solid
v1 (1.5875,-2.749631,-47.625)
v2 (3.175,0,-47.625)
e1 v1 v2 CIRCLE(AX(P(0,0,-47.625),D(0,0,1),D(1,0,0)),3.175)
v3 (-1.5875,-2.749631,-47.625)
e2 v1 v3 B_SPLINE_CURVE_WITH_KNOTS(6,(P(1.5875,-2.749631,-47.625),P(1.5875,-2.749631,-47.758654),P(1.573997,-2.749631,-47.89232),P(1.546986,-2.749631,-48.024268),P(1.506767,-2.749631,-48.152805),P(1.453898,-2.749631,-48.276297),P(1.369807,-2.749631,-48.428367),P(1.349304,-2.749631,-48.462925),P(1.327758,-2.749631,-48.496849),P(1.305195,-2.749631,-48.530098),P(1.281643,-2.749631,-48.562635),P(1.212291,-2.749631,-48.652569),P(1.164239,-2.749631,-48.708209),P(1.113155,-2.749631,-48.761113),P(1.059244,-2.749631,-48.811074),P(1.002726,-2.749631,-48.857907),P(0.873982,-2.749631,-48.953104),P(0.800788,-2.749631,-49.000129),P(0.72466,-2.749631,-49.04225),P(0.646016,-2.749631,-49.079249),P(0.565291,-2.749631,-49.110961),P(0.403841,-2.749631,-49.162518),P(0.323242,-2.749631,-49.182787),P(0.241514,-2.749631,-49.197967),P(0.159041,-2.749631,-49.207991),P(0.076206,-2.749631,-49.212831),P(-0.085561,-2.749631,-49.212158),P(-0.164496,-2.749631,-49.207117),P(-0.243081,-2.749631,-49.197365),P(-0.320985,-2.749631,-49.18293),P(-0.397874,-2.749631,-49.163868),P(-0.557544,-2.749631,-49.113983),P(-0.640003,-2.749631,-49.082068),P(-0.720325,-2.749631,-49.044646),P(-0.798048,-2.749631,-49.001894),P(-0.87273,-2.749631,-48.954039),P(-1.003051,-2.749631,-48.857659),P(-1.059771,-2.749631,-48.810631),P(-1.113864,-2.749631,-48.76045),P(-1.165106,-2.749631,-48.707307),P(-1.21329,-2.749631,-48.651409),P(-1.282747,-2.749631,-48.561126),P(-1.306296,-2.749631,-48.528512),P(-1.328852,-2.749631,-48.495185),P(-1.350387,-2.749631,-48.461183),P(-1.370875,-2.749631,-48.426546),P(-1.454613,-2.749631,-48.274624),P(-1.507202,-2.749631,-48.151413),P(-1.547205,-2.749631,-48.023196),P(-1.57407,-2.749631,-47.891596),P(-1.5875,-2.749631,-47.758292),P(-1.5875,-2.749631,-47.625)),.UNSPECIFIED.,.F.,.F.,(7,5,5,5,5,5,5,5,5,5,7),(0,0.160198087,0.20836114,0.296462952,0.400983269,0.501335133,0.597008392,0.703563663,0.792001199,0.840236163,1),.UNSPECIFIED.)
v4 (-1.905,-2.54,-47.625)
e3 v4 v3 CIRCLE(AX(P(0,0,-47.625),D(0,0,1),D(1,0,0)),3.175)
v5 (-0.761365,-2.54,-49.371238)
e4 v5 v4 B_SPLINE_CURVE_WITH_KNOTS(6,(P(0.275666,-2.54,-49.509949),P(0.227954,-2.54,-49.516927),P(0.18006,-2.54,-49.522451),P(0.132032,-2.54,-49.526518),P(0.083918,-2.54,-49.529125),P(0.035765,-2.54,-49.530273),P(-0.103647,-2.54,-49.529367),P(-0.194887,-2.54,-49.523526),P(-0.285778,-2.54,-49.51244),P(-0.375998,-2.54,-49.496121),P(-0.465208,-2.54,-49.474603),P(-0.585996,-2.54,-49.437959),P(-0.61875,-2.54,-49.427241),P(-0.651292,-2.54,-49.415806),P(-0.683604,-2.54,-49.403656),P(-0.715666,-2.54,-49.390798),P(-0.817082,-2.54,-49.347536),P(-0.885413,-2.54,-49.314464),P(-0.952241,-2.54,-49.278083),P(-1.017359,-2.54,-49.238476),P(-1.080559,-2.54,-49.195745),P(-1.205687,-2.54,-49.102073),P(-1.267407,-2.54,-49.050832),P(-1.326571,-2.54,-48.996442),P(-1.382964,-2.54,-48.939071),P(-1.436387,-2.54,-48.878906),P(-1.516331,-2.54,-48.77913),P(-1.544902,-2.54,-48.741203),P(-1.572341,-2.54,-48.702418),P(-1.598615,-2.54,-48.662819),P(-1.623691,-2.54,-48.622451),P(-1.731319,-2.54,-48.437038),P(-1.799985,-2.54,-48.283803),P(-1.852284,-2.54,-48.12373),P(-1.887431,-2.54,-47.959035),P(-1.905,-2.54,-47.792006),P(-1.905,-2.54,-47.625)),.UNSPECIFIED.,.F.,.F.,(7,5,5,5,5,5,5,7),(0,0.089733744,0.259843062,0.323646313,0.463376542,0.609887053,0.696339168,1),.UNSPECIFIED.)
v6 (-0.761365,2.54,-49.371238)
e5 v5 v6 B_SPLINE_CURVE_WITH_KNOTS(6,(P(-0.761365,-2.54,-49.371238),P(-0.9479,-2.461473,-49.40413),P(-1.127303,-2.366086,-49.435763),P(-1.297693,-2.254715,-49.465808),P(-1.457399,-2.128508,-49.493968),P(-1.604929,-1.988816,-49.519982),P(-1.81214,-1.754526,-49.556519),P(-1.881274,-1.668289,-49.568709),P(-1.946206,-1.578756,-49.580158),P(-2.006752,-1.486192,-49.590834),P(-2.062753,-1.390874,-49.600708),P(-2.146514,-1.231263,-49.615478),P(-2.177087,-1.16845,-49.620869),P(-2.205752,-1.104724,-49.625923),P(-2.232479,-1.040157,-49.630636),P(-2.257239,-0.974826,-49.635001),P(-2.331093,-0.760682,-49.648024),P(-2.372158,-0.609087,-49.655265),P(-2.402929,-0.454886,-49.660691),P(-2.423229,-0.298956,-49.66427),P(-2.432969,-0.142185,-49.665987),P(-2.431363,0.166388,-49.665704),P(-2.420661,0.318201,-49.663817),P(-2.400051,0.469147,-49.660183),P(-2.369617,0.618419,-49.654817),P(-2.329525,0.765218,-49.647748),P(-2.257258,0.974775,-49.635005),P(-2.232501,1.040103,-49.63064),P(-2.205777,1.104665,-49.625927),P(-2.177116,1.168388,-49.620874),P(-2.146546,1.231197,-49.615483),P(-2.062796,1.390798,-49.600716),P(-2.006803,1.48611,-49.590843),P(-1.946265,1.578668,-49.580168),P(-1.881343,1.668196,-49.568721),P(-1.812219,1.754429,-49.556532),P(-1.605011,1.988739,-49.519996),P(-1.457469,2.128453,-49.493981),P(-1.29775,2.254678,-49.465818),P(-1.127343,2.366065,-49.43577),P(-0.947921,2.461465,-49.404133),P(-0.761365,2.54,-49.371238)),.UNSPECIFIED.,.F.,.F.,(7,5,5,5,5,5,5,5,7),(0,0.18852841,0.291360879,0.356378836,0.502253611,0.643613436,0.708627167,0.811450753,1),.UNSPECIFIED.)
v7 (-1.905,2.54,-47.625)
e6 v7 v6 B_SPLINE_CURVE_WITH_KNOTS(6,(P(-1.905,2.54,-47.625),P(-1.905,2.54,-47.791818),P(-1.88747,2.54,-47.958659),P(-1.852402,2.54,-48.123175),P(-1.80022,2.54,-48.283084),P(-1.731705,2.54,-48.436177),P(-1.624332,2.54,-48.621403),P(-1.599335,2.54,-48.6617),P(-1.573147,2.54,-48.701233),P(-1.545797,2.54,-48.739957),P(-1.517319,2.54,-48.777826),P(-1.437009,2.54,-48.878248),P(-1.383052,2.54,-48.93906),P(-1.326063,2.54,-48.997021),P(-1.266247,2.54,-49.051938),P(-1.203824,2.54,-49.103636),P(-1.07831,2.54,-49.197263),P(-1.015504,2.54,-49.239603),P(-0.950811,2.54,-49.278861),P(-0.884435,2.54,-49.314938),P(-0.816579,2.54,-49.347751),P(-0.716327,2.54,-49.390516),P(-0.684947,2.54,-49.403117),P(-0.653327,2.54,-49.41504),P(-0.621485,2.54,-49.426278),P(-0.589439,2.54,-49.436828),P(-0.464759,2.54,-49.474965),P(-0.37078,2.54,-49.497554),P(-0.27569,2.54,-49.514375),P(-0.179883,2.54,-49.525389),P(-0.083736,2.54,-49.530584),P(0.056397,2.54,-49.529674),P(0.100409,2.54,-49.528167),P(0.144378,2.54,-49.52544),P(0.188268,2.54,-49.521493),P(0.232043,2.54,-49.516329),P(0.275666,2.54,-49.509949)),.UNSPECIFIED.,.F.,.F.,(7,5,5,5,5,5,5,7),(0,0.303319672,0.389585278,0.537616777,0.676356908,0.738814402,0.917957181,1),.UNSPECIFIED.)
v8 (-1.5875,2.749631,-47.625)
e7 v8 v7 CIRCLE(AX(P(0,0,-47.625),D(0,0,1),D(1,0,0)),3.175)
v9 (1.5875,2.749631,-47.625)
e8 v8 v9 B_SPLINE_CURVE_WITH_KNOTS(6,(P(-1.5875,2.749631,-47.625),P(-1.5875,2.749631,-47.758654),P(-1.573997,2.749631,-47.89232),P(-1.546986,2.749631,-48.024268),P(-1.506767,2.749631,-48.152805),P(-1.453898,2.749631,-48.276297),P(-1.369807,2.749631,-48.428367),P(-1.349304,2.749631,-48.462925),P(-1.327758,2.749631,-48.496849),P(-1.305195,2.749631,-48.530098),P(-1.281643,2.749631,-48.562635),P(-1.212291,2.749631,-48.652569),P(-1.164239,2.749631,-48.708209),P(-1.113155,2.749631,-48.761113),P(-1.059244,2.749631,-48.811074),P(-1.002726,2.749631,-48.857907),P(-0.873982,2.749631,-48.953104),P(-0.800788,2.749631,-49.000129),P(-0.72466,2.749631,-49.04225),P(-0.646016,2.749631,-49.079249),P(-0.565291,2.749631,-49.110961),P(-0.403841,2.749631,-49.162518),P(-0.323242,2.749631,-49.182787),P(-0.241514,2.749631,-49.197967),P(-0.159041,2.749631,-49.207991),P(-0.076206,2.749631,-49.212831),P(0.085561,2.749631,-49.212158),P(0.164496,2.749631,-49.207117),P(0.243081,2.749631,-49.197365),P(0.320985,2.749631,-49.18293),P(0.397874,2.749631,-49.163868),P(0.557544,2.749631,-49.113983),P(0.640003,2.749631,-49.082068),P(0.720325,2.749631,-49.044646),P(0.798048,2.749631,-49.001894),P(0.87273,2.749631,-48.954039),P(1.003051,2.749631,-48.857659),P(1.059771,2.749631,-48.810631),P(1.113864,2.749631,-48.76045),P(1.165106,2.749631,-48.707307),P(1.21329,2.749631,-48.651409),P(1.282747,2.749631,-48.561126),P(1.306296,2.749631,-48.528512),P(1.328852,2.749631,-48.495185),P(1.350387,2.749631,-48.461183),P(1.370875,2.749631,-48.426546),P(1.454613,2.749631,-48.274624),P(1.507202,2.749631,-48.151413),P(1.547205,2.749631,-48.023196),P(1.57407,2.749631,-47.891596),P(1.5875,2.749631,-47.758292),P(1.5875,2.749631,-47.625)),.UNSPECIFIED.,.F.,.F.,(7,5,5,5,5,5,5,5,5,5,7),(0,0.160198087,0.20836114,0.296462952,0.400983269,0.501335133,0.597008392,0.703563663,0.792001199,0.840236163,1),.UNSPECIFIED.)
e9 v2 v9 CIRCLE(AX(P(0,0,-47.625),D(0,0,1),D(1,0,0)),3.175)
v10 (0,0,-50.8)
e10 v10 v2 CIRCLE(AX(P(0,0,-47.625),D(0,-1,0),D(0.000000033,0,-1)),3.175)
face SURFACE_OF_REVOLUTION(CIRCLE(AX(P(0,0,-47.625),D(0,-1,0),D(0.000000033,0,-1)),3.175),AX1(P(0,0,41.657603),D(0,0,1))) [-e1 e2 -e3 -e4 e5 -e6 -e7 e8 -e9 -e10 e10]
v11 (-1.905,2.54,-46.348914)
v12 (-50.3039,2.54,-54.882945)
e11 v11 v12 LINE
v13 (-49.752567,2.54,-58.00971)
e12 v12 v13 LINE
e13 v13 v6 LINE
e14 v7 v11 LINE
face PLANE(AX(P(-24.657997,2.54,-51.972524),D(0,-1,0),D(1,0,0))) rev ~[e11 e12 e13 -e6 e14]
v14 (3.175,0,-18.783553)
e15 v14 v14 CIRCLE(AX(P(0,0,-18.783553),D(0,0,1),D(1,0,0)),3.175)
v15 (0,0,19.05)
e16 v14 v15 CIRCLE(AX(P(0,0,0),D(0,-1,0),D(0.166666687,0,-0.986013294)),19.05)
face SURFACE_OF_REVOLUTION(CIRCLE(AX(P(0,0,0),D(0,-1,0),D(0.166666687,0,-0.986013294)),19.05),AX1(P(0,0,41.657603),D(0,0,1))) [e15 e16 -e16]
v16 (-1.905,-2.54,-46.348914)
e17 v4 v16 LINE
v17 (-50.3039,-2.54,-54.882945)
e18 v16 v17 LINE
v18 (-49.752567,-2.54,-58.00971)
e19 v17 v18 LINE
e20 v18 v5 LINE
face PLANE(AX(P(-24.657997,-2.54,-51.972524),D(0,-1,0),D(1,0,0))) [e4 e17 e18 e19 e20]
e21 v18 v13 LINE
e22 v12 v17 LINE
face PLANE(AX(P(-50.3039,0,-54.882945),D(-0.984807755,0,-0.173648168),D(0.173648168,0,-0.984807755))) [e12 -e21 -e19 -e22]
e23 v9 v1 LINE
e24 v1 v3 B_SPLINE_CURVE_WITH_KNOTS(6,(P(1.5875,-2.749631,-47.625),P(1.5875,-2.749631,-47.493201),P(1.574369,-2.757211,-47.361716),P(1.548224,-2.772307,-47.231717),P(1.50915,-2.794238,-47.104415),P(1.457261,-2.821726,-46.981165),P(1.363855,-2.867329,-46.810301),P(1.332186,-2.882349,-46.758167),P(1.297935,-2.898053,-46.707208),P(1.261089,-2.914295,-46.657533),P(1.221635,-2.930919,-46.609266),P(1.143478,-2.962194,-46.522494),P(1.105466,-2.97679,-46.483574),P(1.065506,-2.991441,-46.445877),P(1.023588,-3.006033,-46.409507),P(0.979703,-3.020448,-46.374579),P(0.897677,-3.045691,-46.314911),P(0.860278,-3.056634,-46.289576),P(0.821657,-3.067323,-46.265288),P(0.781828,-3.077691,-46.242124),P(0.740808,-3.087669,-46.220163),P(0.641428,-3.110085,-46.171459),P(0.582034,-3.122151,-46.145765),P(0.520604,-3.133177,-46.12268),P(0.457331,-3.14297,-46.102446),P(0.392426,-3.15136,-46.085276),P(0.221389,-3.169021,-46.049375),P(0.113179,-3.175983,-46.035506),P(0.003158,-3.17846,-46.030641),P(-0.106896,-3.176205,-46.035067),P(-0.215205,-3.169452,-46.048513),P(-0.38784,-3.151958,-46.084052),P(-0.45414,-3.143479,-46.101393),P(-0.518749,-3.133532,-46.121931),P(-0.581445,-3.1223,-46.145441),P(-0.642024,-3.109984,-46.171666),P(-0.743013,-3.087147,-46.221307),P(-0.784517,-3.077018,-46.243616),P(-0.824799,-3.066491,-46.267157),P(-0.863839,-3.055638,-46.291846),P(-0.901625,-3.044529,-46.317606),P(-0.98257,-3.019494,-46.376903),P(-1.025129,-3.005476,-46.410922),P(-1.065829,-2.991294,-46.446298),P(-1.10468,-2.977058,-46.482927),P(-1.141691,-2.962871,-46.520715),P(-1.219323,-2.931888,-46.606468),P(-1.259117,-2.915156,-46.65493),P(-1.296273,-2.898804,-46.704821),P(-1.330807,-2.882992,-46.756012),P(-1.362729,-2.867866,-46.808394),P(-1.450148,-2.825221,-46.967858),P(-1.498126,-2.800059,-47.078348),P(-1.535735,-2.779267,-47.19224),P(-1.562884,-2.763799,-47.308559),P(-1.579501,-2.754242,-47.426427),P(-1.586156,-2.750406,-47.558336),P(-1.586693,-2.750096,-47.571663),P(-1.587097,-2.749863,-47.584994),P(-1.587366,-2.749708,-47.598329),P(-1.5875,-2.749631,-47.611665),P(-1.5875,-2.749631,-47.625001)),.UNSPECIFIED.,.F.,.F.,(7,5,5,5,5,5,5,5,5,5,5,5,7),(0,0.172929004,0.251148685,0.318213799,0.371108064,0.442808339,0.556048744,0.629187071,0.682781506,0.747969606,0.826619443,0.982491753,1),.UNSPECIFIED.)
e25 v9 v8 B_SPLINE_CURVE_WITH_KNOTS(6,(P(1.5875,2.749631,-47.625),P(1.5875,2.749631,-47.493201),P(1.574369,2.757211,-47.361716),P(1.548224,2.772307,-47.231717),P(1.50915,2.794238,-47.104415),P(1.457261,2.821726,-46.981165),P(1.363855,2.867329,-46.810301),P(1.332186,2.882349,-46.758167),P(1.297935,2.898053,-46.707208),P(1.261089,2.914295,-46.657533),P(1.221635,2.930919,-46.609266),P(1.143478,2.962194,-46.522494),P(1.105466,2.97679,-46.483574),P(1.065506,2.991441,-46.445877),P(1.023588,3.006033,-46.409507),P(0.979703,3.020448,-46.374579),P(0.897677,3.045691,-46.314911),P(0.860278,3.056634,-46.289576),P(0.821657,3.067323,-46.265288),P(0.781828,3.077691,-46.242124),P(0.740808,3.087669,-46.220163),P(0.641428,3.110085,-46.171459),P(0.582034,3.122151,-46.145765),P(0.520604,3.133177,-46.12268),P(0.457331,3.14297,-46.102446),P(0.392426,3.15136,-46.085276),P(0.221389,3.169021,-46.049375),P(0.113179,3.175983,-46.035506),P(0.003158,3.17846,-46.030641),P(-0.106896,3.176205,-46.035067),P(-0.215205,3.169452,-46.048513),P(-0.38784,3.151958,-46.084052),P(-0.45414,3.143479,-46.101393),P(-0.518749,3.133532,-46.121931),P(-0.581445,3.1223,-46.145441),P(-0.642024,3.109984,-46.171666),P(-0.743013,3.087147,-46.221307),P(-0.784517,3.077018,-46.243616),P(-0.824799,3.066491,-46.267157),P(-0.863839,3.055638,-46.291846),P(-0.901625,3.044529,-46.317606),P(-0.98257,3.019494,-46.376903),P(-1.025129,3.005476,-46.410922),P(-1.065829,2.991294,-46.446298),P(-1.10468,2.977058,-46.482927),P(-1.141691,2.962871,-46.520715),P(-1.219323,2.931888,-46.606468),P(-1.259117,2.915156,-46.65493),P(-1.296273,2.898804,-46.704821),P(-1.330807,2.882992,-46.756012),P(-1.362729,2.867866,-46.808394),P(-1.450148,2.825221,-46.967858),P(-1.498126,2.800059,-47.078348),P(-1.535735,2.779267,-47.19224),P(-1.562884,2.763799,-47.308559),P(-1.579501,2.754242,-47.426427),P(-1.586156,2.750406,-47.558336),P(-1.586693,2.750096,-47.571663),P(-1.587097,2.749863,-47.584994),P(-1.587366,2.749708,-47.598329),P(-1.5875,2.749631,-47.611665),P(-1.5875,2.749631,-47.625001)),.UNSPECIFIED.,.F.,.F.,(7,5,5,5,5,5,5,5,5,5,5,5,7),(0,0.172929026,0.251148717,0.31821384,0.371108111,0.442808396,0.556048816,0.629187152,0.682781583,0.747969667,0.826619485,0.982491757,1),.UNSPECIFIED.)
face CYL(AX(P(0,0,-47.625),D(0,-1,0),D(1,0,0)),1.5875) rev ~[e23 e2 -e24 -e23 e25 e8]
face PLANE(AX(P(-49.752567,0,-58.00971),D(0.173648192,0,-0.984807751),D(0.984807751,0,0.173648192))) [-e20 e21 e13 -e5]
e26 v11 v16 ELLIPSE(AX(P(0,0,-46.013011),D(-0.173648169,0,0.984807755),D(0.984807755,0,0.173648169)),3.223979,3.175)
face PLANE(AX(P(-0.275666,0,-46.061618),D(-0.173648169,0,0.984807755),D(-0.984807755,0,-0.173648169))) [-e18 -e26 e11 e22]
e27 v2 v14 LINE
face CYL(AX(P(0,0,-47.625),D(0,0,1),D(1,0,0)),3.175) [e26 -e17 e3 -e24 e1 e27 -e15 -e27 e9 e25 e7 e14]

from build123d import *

# Parameters (mm, degrees)
F2_R     = 1.5875
F3_DEPTH = 12.7
F5_DEPTH = 2.54


with BuildPart() as f1:
    # F0 (on Front) → F1 (revolve)
    with BuildSketch(Plane.XZ):
        with BuildLine():
            Line((0, 19.05), (0, 0))
            Line((0, 0), (0, -50.8))
            ThreePointArc((0, -50.8), (2.245064, -49.870064), (3.175, -47.625))
            Line((3.175, -47.625), (3.175, -18.783553))
            ThreePointArc((3.175, -18.783553), (18.983271, 1.59308), (0, 19.05))
        make_face()
    revolve(axis=Axis((0, 0, 41.657603), (0, 0, 1)))

    # F2 (on Front) → F3 (cut, symmetric)
    with BuildSketch(Plane.XZ):
        with Locations((0, -47.625)):
            Circle(F2_R)
    extrude(amount=F3_DEPTH, both=True, mode=Mode.SUBTRACT)

    # F4 (on Front) → F5 (join, symmetric)
    with BuildSketch(Plane.XZ):
        with BuildLine():
            ThreePointArc((-1.5875, -47.625), (-1.216096, -46.604575), (-0.275666, -46.061618))
            Line((-0.275666, -46.061618), (-50.3039, -54.882945))
            Line((-50.3039, -54.882945), (-49.752567, -58.00971))
            Line((-49.752567, -58.00971), (0.275666, -49.188382))
            ThreePointArc((0.275666, -49.188382), (-1.020425, -48.841096), (-1.5875, -47.625))
        make_face()
    extrude(amount=F5_DEPTH, both=True)


solid = f1.part
